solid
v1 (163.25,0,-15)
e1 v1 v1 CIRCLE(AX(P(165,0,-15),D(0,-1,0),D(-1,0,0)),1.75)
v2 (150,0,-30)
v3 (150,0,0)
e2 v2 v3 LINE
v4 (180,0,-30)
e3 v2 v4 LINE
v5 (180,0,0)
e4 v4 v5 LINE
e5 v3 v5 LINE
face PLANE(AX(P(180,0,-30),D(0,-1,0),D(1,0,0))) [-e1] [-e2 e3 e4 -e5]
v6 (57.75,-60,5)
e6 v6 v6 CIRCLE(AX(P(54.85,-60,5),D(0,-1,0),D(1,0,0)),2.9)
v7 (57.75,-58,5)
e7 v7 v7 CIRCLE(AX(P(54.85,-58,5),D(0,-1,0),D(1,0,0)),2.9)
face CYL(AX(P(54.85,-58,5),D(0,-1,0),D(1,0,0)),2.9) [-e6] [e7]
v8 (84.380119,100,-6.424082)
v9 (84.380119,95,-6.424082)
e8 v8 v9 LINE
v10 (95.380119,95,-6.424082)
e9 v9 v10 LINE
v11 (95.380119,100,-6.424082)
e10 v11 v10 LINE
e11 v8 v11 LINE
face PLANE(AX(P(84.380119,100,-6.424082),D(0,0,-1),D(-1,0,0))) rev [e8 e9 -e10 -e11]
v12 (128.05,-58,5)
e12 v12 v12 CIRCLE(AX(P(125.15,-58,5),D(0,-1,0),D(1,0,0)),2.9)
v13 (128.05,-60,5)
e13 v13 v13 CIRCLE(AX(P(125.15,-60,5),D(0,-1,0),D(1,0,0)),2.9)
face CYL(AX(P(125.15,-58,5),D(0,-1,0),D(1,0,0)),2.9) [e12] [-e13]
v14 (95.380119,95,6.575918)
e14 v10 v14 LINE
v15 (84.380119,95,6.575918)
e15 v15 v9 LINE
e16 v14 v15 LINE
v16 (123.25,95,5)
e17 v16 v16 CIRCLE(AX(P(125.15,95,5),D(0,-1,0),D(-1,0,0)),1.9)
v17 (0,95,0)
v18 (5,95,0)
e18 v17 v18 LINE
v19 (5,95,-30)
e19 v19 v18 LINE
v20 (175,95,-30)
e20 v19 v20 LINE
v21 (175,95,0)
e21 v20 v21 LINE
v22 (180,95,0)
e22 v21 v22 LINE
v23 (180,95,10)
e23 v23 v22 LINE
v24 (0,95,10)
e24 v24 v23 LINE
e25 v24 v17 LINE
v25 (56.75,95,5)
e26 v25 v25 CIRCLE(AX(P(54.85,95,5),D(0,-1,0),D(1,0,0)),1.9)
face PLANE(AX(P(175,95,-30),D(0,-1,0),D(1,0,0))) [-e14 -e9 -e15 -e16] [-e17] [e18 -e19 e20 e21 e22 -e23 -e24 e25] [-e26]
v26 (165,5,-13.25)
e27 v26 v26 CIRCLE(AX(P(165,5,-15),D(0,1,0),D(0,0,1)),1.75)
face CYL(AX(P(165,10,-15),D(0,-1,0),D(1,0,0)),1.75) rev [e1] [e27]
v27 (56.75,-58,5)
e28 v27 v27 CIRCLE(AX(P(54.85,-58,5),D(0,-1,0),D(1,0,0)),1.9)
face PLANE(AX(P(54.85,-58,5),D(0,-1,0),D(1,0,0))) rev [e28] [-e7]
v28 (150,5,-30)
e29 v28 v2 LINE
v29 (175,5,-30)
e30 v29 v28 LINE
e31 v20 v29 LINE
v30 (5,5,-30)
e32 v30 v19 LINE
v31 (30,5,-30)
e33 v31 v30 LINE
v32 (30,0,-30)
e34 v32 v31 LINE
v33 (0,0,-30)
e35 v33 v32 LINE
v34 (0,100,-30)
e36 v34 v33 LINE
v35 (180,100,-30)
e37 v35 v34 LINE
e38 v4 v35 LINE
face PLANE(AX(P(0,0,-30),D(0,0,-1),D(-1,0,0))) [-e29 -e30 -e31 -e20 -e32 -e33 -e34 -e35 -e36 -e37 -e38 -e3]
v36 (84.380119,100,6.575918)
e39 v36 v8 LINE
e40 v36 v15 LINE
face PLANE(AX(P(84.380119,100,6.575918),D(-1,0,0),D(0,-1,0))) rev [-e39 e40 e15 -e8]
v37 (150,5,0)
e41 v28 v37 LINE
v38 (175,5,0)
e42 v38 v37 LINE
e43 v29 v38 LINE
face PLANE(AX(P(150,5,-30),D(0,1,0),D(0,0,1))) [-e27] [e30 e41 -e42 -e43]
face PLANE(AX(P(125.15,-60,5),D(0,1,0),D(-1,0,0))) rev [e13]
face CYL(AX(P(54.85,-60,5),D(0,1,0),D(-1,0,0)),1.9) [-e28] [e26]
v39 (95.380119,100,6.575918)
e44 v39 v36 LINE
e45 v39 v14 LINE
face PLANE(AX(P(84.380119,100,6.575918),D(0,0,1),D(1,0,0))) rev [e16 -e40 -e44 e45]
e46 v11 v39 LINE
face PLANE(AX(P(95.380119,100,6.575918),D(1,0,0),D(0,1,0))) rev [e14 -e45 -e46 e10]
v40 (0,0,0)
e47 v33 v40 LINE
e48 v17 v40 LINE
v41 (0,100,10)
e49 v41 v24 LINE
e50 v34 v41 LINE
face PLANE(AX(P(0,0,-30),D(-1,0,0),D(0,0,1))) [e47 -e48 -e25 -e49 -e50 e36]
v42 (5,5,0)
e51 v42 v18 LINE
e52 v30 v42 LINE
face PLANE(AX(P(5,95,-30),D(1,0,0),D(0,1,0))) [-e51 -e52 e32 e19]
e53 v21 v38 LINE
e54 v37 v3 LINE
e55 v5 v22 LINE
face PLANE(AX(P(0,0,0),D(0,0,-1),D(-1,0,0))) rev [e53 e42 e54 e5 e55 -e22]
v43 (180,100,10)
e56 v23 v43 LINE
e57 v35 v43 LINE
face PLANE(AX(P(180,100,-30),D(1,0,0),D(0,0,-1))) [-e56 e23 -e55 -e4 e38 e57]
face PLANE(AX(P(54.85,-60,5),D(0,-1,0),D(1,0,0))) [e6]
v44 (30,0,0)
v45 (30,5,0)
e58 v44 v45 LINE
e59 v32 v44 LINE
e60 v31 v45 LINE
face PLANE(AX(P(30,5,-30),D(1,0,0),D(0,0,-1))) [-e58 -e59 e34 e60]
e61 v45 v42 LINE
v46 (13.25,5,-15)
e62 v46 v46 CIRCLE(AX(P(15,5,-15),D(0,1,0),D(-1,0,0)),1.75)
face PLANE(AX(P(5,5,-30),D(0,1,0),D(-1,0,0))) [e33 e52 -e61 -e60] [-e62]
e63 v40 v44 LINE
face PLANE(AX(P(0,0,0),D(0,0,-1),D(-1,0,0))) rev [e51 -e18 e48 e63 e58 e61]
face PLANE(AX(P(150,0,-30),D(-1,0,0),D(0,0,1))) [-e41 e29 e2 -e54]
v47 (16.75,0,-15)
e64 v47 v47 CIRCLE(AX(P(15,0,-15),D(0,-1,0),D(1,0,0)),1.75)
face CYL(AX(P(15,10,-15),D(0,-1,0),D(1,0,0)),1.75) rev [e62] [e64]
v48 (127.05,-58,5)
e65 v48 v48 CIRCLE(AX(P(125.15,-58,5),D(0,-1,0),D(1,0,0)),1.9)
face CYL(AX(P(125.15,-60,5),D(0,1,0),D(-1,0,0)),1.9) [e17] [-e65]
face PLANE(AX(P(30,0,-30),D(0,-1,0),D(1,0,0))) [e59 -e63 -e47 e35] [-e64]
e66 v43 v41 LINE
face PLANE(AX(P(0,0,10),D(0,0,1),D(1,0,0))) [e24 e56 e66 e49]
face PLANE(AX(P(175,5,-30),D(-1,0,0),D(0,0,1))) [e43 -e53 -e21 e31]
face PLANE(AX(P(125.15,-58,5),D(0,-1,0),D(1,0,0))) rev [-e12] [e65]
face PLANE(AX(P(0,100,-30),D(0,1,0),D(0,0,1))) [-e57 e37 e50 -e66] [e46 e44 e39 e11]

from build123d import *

# Parameters (mm, degrees)
BOSS_EXTRUDE1_DEPTH   = 30
SKETCH2_R             = 1.75
CUT_EXTRUDE1_DEPTH    = 10
SKETCH3_R             = 1.9
BOSS_EXTRUDE2_DEPTH   = 155
BOSS_EXTRUDE2_2_DEPTH = 155
BOSS_EXTRUDE3_DEPTH   = 10
BOSS_EXTRUDE4_START   = -2
SKETCH6_R             = 2.9
SKETCH6_R_2           = 1.9
BOSS_EXTRUDE4_DEPTH   = 2
SKETCH7_W             = 11
SKETCH7_H             = 13
CUT_EXTRUDE2_DEPTH    = 240.426397876


with BuildPart() as part:
    # Sketch1 → Boss-Extrude1 (new body)
    with BuildSketch(Plane.XY):
        Polygon((30, 0), (0, 0), (0, 100), (180, 100), (180, 0), (150, 0), (150, 5), (175, 5), (175, 95), (5, 95), (5, 5), (30, 5), align=None)
    extrude(amount=-BOSS_EXTRUDE1_DEPTH)

    # Sketch2 → Cut-Extrude1 (cut)
    with BuildSketch(Plane.XZ):
        with Locations((15, -15)):
            Circle(SKETCH2_R)
        with Locations(Location((165, -15, 0), (0, 0, 90))):
            Circle(SKETCH2_R)
    extrude(amount=-CUT_EXTRUDE1_DEPTH, mode=Mode.SUBTRACT)



with BuildPart() as body_2:
    # Sketch3 → Boss-Extrude2 (new body)
    with BuildSketch(Plane.XZ.offset(-95)):
        with Locations((54.85, 5)):
            Circle(SKETCH3_R)
    extrude(amount=BOSS_EXTRUDE2_DEPTH)


with BuildPart() as body_3:
    # Sketch3 → Boss-Extrude2 2 (new body)
    with BuildSketch(Plane.XZ.offset(-95)):
        with Locations(Location((125.15, 5, 0), (0, 0, 180))):
            Circle(SKETCH3_R)
    extrude(amount=BOSS_EXTRUDE2_2_DEPTH)


with BuildPart() as part_1:
    add(part.part)

    add(body_2.part)  # Boss-Extrude3 merges body 2

    add(body_3.part)  # Boss-Extrude3 merges body 3
    # Sketch5 → Boss-Extrude3 (add)
    with BuildSketch(Plane.XY):
        Polygon((0, 95), (5, 95), (175, 95), (180, 95), (180, 100), (0, 100), align=None)
    extrude(amount=BOSS_EXTRUDE3_DEPTH)

    # Sketch6 → Boss-Extrude4 (add)
    # profile 1 of 2: a face of its own
    with BuildSketch(Plane.XZ.offset(60).offset(BOSS_EXTRUDE4_START)):
        with Locations((54.85, 5)):
            Circle(SKETCH6_R)
        with Locations((54.85, 5)):
            Circle(SKETCH6_R_2, mode=Mode.SUBTRACT)
    # profile 2 of 2: a face of its own
    with BuildSketch(Plane.XZ.offset(60).offset(BOSS_EXTRUDE4_START)):
        with Locations((125.15, 5)):
            Circle(SKETCH6_R)
        with Locations(Location((125.15, 5, 0), (0, 0, 180))):
            Circle(SKETCH6_R_2, mode=Mode.SUBTRACT)
    extrude(amount=BOSS_EXTRUDE4_DEPTH)

    # Sketch7 → Cut-Extrude2 (cut, through all)
    with BuildSketch(Plane.XZ.offset(-95)):
        with Locations((89.880118622, 0.075917746)):
            Rectangle(SKETCH7_W, SKETCH7_H)
    extrude(amount=-CUT_EXTRUDE2_DEPTH, mode=Mode.SUBTRACT)


solid = part_1.part
